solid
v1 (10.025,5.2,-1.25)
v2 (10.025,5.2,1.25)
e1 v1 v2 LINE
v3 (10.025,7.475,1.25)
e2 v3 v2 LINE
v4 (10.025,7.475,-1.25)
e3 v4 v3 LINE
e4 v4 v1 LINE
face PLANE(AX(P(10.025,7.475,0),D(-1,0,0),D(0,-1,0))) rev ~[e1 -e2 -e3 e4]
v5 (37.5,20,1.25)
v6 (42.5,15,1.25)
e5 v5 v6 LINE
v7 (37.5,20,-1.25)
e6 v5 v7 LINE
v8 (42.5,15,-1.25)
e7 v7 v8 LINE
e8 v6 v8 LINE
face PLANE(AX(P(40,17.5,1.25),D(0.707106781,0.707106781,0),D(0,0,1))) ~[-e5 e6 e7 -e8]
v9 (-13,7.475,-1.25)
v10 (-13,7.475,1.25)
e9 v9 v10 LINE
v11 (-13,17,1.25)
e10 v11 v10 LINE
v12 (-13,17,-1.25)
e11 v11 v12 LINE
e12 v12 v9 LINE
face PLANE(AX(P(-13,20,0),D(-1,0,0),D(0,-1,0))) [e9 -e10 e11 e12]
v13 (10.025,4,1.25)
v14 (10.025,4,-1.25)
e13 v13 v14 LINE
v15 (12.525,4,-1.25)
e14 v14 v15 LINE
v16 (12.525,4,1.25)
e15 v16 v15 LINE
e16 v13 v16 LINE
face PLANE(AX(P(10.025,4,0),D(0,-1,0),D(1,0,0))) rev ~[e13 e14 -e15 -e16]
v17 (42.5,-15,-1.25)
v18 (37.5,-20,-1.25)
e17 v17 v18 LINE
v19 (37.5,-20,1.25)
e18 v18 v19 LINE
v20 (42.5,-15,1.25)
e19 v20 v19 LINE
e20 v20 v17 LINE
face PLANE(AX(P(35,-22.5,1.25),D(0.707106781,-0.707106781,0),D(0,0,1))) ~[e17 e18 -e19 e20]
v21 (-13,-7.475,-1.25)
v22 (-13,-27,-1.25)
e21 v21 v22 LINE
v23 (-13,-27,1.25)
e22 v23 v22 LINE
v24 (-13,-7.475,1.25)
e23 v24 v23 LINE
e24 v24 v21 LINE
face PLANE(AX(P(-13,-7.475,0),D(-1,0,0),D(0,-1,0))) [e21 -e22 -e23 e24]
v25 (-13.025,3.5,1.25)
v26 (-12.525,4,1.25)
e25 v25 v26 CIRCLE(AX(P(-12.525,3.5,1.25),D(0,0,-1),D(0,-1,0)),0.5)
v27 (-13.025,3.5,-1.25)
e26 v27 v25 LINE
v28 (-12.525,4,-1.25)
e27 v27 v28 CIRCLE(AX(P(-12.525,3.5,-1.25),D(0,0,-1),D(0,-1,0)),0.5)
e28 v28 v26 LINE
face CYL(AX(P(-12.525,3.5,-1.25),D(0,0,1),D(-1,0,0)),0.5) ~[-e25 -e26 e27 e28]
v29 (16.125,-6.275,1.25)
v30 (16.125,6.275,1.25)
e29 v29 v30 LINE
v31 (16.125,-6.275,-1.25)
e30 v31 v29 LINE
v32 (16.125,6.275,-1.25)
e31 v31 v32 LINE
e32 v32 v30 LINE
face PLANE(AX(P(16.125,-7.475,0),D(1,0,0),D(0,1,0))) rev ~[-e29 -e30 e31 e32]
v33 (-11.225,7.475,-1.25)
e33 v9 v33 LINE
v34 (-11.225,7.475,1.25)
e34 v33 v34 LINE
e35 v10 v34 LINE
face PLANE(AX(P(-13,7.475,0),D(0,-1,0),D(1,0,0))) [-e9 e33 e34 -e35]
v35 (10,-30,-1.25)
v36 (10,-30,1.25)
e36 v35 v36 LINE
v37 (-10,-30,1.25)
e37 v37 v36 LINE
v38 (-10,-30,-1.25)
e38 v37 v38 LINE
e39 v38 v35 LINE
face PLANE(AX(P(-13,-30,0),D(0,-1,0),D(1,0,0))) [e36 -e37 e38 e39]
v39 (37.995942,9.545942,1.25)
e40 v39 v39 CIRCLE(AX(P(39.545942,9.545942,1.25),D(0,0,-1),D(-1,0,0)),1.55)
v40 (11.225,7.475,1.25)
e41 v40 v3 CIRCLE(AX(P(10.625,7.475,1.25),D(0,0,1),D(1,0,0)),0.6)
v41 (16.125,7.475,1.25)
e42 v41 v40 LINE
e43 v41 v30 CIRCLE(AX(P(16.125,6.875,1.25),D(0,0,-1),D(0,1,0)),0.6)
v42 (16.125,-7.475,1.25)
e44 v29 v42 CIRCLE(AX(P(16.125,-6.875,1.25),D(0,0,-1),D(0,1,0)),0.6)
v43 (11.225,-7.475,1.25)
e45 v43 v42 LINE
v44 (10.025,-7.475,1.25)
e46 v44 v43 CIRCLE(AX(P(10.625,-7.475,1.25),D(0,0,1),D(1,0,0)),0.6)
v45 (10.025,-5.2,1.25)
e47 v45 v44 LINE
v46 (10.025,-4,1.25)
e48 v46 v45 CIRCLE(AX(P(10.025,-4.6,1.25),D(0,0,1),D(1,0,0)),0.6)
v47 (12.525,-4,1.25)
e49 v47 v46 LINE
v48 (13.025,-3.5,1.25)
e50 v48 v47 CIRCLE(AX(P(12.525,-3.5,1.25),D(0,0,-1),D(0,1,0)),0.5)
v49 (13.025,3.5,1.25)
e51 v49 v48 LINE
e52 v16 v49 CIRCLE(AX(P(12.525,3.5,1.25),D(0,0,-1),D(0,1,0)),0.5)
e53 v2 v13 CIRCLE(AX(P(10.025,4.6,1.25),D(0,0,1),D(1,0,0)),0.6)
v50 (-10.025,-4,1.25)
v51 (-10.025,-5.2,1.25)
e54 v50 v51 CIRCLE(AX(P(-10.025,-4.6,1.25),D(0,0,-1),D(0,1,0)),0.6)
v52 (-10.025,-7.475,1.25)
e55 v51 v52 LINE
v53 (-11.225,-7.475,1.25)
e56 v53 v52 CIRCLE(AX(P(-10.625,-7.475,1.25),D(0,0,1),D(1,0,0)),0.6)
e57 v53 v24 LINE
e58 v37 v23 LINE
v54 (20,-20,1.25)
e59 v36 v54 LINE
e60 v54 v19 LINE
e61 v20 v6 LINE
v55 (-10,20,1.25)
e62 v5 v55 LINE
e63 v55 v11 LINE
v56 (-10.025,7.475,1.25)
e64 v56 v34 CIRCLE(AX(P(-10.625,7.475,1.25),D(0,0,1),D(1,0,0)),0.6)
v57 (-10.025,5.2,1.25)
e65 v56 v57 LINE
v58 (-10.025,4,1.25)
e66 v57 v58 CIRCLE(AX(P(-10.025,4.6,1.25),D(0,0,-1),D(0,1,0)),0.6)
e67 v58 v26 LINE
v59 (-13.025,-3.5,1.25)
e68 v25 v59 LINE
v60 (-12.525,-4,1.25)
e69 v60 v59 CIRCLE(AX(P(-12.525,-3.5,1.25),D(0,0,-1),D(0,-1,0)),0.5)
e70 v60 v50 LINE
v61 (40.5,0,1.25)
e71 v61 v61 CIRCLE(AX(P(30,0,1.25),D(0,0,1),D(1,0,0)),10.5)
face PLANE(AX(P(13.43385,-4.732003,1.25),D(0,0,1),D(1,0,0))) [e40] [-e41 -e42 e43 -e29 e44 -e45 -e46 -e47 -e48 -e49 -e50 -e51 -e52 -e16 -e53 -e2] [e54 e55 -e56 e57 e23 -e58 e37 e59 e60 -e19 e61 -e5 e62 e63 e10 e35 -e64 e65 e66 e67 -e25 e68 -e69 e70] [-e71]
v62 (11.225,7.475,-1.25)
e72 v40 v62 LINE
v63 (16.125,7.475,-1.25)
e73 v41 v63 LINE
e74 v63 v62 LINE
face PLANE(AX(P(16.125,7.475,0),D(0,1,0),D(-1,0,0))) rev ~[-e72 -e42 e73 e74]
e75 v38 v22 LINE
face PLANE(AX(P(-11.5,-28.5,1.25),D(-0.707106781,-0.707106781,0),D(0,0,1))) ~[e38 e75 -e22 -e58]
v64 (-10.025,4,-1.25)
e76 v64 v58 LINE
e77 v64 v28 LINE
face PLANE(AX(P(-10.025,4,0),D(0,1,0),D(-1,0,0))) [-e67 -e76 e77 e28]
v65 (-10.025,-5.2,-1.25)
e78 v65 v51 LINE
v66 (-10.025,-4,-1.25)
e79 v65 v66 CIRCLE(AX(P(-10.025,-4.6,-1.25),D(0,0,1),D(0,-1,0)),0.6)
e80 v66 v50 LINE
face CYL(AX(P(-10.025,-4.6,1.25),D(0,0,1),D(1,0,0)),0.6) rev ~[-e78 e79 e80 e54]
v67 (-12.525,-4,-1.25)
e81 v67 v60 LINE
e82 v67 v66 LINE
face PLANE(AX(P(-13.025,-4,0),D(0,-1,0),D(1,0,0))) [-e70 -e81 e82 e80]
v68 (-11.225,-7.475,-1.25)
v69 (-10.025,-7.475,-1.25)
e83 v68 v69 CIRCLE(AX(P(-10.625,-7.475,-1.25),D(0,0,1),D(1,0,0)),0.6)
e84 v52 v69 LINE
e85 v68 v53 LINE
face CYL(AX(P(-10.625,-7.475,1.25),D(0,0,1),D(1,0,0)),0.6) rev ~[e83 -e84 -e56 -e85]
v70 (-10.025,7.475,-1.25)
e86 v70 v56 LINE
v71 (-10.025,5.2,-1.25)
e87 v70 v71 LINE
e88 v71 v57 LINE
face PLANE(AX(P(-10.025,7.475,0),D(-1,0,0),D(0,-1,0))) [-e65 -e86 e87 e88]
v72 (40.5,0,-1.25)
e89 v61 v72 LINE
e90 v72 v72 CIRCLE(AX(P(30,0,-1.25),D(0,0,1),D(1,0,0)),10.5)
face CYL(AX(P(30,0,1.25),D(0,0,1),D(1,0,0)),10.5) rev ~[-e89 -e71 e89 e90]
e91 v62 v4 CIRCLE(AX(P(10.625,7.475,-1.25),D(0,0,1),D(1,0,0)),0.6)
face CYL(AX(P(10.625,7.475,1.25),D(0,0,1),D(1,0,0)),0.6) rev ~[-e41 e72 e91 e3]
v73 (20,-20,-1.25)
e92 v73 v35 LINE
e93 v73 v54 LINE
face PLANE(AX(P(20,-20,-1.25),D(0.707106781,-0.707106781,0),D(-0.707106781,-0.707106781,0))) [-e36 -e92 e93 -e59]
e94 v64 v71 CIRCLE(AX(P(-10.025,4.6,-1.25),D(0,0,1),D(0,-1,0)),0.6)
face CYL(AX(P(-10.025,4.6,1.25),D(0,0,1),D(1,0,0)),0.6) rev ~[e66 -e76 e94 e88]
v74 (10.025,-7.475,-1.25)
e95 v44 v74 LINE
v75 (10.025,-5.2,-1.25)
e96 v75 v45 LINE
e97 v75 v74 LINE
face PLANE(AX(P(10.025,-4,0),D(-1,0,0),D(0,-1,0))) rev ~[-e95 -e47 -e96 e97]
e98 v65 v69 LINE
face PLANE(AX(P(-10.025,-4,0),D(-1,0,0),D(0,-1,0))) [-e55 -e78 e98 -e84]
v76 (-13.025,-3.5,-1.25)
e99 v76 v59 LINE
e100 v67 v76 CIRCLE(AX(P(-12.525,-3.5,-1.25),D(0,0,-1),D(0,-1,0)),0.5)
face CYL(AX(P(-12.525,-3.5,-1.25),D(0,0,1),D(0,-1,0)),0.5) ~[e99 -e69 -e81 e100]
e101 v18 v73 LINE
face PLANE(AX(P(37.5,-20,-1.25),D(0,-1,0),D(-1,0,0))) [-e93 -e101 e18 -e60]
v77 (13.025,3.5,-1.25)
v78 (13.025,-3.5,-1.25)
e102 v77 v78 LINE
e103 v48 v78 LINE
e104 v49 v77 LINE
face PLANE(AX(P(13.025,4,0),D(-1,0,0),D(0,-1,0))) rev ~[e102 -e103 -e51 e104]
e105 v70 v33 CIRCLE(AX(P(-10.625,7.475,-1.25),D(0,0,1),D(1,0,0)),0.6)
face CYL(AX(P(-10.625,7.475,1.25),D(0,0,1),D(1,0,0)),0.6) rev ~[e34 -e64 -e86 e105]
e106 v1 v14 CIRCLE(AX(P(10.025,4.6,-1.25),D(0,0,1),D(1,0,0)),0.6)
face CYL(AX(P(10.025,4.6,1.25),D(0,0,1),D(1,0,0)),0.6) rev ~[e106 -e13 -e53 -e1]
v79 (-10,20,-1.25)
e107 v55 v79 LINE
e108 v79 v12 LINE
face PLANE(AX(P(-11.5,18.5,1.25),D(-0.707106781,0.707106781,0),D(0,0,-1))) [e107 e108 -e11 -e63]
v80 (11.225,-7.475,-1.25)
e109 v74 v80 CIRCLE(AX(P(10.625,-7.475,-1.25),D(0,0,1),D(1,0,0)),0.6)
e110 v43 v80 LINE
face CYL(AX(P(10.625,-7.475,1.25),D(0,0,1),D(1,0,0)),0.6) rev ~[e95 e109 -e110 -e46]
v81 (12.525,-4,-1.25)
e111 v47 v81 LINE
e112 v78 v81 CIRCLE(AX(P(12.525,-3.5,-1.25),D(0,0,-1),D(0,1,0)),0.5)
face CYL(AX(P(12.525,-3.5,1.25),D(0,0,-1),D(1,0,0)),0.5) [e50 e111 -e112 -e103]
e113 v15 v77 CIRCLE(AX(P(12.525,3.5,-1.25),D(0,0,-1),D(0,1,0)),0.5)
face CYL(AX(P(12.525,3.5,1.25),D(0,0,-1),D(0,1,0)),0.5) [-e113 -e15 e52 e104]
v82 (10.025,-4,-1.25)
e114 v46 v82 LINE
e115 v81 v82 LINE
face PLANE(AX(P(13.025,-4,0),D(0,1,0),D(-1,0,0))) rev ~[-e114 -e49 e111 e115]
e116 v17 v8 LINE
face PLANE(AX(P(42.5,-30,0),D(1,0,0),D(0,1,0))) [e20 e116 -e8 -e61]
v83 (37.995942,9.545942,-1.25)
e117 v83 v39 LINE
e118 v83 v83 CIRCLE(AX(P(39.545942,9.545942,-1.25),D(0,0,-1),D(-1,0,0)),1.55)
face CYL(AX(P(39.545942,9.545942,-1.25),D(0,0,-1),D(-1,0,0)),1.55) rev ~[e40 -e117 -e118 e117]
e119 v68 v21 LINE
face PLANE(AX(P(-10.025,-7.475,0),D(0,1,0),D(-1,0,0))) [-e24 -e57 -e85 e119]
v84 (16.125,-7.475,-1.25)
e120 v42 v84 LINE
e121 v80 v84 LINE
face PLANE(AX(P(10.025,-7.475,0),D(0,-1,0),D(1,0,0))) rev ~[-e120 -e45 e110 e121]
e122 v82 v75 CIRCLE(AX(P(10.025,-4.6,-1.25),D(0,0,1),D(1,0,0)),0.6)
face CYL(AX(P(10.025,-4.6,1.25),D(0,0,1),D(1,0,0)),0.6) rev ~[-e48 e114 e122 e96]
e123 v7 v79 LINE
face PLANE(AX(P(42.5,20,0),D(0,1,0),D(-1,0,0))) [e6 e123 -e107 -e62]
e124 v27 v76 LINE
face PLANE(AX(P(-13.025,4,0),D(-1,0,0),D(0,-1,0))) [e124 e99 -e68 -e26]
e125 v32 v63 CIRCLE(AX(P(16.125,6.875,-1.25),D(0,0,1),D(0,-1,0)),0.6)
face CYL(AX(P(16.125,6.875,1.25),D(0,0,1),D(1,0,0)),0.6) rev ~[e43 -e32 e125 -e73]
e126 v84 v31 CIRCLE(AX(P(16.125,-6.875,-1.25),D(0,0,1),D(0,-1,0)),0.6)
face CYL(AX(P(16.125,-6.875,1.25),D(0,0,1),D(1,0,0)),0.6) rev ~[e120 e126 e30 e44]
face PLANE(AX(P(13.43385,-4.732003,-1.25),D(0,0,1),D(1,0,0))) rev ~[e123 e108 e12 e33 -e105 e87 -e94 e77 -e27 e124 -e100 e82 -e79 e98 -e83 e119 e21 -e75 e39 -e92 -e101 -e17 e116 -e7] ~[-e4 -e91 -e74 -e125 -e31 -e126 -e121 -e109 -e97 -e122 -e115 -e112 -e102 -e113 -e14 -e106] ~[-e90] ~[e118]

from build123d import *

# Parameters (mm, degrees)
EXTRUDE_1_DEPTH     = 1.25
SKETCH_2_R          = 0.6
CUT_EXTRUDE_1_DEPTH = 3.5
FILLET_1_R          = 0.5
SKETCH_3_R          = 10.5
CUT_EXTRUDE_2_DEPTH = 3.5
CHAMFER_1_SIZE      = 5
CHAMFER_2_SIZE      = 15
CHAMFER_3_SIZE      = 3
CUT_EXTRUDE_4_DEPTH = 3.5
SKETCH_6_R          = 1.55
CUT_EXTRUDE_5_DEPTH = 3.5


with BuildPart() as part:
    # 草图1 → 凸台-拉伸1 (new body, symmetric)
    with BuildSketch(Plane.XY):
        Polygon((-13, 20), (-13, 7.475), (-10.025, 7.475), (-10.025, 4), (-13.025, 4), (-13.025, -4), (-10.025, -4), (-10.025, -7.475), (-13, -7.475), (-13, -30), (42.5, -30), (42.5, 20), align=None)
        Polygon((10.025, 7.475), (10.025, 4), (13.025, 4), (13.025, -4), (10.025, -4), (10.025, -7.475), (16.125, -7.475), (16.125, 7.475), align=None, mode=Mode.SUBTRACT)
    extrude(amount=EXTRUDE_1_DEPTH, both=True)

    # 草图2 → 切除-拉伸1 (cut, through all)
    with BuildSketch(Plane.XY.offset(1.25)):
        with Locations((10.625, 7.475)):
            Circle(SKETCH_2_R)
        with Locations((16.125, 6.875)):
            Circle(SKETCH_2_R)
        with Locations((10.025, 4.6)):
            Circle(SKETCH_2_R)
        with Locations((10.025, -4.6)):
            Circle(SKETCH_2_R)
        with Locations((10.625, -7.475)):
            Circle(SKETCH_2_R)
        with Locations((16.125, -6.875)):
            Circle(SKETCH_2_R)
        with Locations((-10.025, -4.6)):
            Circle(SKETCH_2_R)
        with Locations((-10.625, -7.475)):
            Circle(SKETCH_2_R)
        with Locations((-10.625, 7.475)):
            Circle(SKETCH_2_R)
        with Locations((-10.025, 4.6)):
            Circle(SKETCH_2_R)
    extrude(amount=-CUT_EXTRUDE_1_DEPTH, mode=Mode.SUBTRACT)

    # 圆角1
    fillet_1_edges = [part.edges().sort_by_distance(p)[0] for p in [
        (-13.025, -4, 0),
        (-13.025, 4, 0),
        (13.025, -4, 0),
        (13.025, 4, 0),
    ]]
    fillet(fillet_1_edges, radius=FILLET_1_R)

    # 草图3 → 切除-拉伸2 (cut, through all)
    with BuildSketch(Plane.XY.offset(1.25)):
        with Locations((30, 0)):
            Circle(SKETCH_3_R)
    extrude(amount=-CUT_EXTRUDE_2_DEPTH, mode=Mode.SUBTRACT)

    # 倒角1
    chamfer_1_edges = [part.edges().sort_by_distance(p)[0] for p in [
        (42.5, 20, 0),
    ]]
    chamfer(chamfer_1_edges, length=CHAMFER_1_SIZE)

    # 倒角2
    chamfer_2_edges = [part.edges().sort_by_distance(p)[0] for p in [
        (42.5, -30, 0),
    ]]
    chamfer(chamfer_2_edges, length=CHAMFER_2_SIZE)

    # 倒角3
    chamfer_3_edges = [part.edges().sort_by_distance(p)[0] for p in [
        (-13, -30, 0),
        (-13, 20, 0),
    ]]
    chamfer(chamfer_3_edges, length=CHAMFER_3_SIZE)

    # 草图5 → 切除-拉伸4 (cut, through all)
    with BuildSketch(Plane(origin=(0, 0, -1.25), x_dir=(-1, 0, 0), z_dir=(0, 0, -1))):
        Polygon((-37.5, -20), (-20, -20), (-10, -30), (-27.5, -30), align=None)
    extrude(amount=-CUT_EXTRUDE_4_DEPTH, mode=Mode.SUBTRACT)

    # 草图6 → 切除-拉伸5 (cut, through all)
    with BuildSketch(Plane(origin=(0, 0, -1.25), x_dir=(-1, 0, 0), z_dir=(0, 0, -1))):
        with Locations((-39.545941546, 9.545941546)):
            Circle(SKETCH_6_R)
    extrude(amount=-CUT_EXTRUDE_5_DEPTH, mode=Mode.SUBTRACT)


solid = part.part
